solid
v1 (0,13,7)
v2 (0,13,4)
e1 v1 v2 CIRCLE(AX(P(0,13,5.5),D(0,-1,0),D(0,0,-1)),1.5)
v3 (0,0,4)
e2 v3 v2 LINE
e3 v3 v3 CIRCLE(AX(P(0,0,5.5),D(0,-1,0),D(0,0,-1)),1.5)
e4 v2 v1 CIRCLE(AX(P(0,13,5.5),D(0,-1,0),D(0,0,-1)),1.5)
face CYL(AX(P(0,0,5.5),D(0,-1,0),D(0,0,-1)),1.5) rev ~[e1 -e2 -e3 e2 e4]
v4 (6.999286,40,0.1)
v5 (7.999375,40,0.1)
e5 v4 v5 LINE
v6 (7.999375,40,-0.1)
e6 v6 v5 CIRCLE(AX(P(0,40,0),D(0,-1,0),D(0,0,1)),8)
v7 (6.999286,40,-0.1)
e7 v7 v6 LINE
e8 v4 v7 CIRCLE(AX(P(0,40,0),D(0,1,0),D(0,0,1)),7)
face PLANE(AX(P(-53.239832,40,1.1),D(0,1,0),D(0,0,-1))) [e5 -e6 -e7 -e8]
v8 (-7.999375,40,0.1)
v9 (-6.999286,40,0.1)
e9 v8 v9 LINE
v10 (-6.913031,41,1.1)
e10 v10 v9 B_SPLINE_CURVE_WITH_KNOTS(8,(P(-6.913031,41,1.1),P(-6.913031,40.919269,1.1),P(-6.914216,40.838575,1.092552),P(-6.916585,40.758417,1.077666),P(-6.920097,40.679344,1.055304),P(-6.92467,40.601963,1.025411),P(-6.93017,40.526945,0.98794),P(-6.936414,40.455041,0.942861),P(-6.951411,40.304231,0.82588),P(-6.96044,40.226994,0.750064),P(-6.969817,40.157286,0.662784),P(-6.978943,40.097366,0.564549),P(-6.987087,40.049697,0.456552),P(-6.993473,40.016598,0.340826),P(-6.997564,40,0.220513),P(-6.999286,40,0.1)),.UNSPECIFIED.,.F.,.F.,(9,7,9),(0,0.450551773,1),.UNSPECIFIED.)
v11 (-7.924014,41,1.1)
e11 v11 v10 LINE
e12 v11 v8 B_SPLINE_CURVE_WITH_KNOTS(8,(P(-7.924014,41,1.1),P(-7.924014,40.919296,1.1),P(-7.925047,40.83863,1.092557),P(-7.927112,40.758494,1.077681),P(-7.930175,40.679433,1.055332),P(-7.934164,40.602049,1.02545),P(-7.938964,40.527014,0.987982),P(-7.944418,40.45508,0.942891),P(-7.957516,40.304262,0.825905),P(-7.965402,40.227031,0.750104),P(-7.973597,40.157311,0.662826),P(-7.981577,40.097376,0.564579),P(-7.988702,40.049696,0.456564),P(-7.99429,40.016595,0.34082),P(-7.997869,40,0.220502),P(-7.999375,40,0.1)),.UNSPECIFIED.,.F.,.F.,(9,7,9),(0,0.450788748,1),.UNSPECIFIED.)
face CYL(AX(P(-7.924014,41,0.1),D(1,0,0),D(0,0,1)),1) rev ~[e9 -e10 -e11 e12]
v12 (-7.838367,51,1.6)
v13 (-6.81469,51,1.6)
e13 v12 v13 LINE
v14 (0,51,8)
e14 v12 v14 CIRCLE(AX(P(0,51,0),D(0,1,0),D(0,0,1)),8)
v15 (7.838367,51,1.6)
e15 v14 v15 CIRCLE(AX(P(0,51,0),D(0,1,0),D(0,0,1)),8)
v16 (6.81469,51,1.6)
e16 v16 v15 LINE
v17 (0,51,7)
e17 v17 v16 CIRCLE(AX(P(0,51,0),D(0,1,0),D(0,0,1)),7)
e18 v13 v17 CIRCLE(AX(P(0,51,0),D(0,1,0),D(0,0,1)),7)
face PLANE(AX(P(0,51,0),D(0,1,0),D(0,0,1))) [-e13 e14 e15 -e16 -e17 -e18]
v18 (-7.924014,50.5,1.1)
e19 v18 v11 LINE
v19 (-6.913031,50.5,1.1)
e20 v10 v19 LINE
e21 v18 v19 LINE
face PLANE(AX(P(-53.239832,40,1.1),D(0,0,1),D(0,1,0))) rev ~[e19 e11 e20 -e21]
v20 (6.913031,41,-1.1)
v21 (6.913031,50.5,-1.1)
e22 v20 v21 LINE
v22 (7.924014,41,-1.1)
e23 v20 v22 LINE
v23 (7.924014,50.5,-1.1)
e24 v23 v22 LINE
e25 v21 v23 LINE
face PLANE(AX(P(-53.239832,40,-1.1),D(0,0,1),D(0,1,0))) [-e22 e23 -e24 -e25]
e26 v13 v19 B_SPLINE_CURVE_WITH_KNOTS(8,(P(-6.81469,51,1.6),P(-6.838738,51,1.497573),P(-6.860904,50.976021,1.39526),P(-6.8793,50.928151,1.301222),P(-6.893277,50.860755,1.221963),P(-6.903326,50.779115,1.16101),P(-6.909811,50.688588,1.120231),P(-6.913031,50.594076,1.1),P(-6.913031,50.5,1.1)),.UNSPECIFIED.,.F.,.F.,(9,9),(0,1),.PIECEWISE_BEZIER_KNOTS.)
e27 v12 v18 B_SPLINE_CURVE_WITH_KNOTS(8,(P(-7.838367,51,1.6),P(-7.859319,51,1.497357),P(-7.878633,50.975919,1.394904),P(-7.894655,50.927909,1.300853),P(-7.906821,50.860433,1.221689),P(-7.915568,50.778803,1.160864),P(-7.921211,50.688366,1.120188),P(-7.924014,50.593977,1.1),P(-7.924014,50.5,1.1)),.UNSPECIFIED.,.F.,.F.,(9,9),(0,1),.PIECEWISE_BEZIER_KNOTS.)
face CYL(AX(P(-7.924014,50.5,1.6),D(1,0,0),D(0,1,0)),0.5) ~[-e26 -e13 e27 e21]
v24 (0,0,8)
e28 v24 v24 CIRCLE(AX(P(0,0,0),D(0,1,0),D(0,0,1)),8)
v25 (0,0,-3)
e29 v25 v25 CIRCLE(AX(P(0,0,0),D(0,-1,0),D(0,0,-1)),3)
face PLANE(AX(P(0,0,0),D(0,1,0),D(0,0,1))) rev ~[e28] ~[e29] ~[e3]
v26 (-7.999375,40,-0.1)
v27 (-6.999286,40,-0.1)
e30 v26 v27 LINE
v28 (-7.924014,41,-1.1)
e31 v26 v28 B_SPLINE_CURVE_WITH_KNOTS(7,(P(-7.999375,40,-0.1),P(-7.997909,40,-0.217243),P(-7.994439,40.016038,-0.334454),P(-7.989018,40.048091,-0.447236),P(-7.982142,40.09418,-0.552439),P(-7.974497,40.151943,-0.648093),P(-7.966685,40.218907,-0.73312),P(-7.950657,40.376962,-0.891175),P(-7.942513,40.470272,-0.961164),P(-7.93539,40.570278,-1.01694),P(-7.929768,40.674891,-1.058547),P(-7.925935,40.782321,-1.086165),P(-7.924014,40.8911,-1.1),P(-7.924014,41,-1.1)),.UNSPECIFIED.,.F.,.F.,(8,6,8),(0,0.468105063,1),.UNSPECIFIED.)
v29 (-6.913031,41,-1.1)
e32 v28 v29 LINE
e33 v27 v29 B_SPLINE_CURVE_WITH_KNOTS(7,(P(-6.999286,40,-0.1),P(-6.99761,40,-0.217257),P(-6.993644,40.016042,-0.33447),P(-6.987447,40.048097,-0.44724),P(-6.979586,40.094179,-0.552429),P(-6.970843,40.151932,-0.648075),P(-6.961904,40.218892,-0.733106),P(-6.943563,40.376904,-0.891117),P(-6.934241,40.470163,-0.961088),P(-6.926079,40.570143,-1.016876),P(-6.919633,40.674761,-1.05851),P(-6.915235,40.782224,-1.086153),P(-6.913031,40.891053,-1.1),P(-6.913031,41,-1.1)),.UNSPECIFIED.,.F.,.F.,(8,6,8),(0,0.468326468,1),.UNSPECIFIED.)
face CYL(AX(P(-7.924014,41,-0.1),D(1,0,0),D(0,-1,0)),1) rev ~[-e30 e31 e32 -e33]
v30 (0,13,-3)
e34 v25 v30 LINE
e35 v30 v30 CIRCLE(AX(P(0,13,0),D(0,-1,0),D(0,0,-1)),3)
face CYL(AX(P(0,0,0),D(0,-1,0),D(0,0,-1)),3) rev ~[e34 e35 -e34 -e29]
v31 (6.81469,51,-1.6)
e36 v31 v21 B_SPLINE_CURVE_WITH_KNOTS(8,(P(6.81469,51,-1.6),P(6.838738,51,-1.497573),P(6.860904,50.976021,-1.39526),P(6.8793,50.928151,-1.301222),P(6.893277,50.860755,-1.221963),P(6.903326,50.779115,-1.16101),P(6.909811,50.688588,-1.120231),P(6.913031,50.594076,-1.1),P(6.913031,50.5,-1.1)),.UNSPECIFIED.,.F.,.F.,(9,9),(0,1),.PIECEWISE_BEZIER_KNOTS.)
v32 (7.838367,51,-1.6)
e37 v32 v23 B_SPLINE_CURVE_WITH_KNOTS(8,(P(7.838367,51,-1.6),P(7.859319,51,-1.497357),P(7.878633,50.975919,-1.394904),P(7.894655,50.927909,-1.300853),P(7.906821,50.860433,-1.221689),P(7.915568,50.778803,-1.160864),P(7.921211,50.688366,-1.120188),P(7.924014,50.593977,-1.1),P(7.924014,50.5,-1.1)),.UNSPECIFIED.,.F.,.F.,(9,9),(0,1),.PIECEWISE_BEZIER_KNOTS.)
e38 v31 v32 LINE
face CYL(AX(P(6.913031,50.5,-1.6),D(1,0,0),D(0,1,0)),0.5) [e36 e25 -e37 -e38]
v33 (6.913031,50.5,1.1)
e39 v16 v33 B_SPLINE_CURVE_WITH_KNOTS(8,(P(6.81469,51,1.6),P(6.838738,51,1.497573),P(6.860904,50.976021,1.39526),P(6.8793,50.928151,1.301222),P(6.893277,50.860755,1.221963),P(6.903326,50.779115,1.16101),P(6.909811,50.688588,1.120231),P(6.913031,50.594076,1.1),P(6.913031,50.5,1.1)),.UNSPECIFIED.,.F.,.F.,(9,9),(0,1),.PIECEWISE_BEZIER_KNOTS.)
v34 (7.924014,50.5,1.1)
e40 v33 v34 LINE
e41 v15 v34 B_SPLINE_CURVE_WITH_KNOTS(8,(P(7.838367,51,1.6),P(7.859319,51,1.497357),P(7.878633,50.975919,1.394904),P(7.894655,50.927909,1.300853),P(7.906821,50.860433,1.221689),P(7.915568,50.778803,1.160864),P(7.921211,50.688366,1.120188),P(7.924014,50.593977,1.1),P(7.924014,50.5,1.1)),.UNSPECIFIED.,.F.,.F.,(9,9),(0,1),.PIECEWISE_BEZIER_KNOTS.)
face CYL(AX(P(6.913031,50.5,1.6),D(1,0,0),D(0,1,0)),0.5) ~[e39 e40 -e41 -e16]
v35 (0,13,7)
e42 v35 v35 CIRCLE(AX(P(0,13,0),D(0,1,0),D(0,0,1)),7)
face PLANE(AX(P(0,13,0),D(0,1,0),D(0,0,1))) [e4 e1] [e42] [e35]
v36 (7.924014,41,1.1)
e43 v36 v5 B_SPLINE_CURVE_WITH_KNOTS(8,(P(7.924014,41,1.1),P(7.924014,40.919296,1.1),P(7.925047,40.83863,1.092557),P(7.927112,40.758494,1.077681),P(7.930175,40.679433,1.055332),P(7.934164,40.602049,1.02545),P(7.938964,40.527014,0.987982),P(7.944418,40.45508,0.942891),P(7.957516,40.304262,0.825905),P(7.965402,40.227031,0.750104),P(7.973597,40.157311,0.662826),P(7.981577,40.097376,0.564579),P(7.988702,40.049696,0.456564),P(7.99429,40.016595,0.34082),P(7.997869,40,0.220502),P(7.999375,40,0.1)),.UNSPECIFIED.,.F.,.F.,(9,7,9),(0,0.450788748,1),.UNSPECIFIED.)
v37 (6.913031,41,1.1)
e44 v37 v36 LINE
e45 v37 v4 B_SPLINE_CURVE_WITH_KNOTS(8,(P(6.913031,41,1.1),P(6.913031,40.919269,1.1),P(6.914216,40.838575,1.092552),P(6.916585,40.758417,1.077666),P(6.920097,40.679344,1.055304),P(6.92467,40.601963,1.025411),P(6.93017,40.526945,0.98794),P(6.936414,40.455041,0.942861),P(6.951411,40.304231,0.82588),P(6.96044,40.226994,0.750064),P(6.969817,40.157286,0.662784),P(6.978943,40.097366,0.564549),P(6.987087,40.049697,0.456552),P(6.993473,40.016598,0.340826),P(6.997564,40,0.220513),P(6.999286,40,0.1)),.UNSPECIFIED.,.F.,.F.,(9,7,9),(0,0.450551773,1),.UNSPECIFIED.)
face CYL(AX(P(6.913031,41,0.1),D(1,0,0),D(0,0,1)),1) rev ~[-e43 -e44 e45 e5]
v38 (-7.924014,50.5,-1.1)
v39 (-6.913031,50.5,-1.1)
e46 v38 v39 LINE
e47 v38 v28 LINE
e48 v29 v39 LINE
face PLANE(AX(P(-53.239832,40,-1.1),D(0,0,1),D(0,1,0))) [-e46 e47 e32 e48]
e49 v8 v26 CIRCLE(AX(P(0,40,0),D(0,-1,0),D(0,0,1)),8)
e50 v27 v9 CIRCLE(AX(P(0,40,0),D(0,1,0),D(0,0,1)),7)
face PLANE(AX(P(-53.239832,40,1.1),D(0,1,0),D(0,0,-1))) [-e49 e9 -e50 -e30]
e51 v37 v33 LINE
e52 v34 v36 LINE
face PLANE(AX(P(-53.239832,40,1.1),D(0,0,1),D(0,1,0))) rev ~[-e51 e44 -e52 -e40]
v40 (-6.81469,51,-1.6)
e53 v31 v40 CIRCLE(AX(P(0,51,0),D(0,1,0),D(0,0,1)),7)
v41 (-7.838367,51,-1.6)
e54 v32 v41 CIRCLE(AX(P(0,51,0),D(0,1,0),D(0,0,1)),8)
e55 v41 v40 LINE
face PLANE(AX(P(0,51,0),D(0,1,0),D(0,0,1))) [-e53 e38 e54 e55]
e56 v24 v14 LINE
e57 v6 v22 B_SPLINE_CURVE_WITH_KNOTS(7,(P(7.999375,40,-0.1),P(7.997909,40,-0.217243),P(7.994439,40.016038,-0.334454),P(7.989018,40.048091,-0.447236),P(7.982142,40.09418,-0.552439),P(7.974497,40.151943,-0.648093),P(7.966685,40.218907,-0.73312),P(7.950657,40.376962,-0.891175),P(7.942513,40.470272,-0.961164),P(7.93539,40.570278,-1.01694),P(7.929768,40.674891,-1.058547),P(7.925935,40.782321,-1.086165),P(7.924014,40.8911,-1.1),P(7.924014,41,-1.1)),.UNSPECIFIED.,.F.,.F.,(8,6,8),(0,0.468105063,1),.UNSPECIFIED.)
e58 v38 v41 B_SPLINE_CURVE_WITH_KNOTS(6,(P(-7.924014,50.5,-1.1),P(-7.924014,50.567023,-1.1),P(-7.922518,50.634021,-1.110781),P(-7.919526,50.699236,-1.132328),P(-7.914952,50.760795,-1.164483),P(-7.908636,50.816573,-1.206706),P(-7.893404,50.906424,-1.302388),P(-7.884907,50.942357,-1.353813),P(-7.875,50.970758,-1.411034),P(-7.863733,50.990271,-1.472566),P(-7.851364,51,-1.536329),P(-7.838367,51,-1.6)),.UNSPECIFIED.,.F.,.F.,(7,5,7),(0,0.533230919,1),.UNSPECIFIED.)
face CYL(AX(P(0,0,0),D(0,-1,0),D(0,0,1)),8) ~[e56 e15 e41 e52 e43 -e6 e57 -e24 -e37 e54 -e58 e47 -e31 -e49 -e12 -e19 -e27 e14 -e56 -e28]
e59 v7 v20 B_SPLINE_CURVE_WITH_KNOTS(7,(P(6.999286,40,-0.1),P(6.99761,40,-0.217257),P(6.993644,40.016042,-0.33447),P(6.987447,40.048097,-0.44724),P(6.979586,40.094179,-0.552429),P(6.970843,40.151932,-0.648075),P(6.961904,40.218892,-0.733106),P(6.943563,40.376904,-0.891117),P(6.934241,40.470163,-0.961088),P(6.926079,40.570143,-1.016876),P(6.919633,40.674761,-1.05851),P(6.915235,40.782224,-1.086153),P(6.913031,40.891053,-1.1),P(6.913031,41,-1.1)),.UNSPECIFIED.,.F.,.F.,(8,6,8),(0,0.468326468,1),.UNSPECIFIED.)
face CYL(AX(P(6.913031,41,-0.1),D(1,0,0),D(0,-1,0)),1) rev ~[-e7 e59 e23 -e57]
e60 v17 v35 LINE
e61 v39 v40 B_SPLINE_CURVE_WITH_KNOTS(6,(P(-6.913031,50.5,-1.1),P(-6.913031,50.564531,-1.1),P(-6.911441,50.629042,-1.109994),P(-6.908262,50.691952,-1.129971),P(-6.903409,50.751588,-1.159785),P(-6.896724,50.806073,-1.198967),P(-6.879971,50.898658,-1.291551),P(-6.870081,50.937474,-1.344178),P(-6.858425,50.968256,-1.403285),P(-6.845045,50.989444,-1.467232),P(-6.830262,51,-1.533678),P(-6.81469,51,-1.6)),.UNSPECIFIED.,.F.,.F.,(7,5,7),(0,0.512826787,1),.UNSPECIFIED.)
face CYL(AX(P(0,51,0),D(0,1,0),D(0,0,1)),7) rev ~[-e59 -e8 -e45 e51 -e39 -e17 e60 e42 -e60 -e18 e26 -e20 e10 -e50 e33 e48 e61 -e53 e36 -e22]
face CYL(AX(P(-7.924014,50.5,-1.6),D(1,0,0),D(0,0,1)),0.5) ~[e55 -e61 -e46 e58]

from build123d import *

# Parameters (mm, degrees)
SKETCH_1_R               = 8
EXTRUDE_1_DEPTH          = 51
SKETCH_2_R               = 7
CUT_EXTRUDE_1_DEPTH      = 38
CUT_EXTRUDE_2_DEPTH      = 53.239831546
CUT_EXTRUDE_2_DEPTH_BACK = 53.239831546
SKETCH_3_W               = 2.2
SKETCH_3_H               = 22
FILLET_1_R               = 0.5
FILLET_2_R               = 1
SKETCH_4_R               = 3
CUT_EXTRUDE_3_DEPTH      = 53.239831675
SKETCH_5_R               = 1.5
CUT_EXTRUDE_8_DEPTH      = 38


with BuildPart() as part:
    # 草图1 → 凸台-拉伸1 (new body)
    with BuildSketch(Plane(origin=(0, 0, 0), x_dir=(1, 0, 0), z_dir=(0, 1, 0))):
        with Locations(Location((0, 0, 0), (0, 0, 270))):
            Circle(SKETCH_1_R)
    extrude(amount=EXTRUDE_1_DEPTH)

    # 草图2 → 切除-拉伸1 (cut)
    with BuildSketch(Plane(origin=(0, 51, 0), x_dir=(1, 0, 0), z_dir=(0, 1, 0))):
        with Locations(Location((0, 0, 0), (0, 0, 270))):
            Circle(SKETCH_2_R)
    extrude(amount=-CUT_EXTRUDE_1_DEPTH, mode=Mode.SUBTRACT)

    # 草图3 → 切除-拉伸2 (cut, two sides: drawn at the far end of the back side and taken through both)
    with BuildSketch(Plane(origin=(0, 0, 0), x_dir=(0, 0, -1), z_dir=(1, 0, 0)).offset(-CUT_EXTRUDE_2_DEPTH_BACK)):
        with Locations((0, 51)):
            Rectangle(SKETCH_3_W, SKETCH_3_H)
    extrude(amount=CUT_EXTRUDE_2_DEPTH + CUT_EXTRUDE_2_DEPTH_BACK, mode=Mode.SUBTRACT)

    # 圆角1
    fillet_1_edges = [part.edges().sort_by_distance(p)[0] for p in [
        (7.418522654, 51, -1.1),
        (-7.418522654, 51, -1.1),
        (-7.418522654, 51, 1.1),
        (7.418522654, 51, 1.1),
    ]]
    fillet(fillet_1_edges, radius=FILLET_1_R)

    # 圆角2
    fillet_2_edges = [part.edges().sort_by_distance(p)[0] for p in [
        (7.418522654, 40, -1.1),
        (-7.418522654, 40, -1.1),
        (7.418522654, 40, 1.1),
        (-7.418522654, 40, 1.1),
    ]]
    fillet(fillet_2_edges, radius=FILLET_2_R)

    # 草图4 → 切除-拉伸3 (cut, through all)
    with BuildSketch(Plane(origin=(0, 0, 0), x_dir=(-1, 0, 0), z_dir=(0, -1, 0))):
        with Locations(Location((0, 0, 0), (0, 0, 90))):
            Circle(SKETCH_4_R)
    extrude(amount=-CUT_EXTRUDE_3_DEPTH, mode=Mode.SUBTRACT)

    # 草图5 → 切除-拉伸8 (cut)
    with BuildSketch(Plane.XZ):
        with Locations(Location((0, 5.5, 0), (0, 0, 270))):
            Circle(SKETCH_5_R)
    extrude(amount=-CUT_EXTRUDE_8_DEPTH, mode=Mode.SUBTRACT)


solid = part.part
